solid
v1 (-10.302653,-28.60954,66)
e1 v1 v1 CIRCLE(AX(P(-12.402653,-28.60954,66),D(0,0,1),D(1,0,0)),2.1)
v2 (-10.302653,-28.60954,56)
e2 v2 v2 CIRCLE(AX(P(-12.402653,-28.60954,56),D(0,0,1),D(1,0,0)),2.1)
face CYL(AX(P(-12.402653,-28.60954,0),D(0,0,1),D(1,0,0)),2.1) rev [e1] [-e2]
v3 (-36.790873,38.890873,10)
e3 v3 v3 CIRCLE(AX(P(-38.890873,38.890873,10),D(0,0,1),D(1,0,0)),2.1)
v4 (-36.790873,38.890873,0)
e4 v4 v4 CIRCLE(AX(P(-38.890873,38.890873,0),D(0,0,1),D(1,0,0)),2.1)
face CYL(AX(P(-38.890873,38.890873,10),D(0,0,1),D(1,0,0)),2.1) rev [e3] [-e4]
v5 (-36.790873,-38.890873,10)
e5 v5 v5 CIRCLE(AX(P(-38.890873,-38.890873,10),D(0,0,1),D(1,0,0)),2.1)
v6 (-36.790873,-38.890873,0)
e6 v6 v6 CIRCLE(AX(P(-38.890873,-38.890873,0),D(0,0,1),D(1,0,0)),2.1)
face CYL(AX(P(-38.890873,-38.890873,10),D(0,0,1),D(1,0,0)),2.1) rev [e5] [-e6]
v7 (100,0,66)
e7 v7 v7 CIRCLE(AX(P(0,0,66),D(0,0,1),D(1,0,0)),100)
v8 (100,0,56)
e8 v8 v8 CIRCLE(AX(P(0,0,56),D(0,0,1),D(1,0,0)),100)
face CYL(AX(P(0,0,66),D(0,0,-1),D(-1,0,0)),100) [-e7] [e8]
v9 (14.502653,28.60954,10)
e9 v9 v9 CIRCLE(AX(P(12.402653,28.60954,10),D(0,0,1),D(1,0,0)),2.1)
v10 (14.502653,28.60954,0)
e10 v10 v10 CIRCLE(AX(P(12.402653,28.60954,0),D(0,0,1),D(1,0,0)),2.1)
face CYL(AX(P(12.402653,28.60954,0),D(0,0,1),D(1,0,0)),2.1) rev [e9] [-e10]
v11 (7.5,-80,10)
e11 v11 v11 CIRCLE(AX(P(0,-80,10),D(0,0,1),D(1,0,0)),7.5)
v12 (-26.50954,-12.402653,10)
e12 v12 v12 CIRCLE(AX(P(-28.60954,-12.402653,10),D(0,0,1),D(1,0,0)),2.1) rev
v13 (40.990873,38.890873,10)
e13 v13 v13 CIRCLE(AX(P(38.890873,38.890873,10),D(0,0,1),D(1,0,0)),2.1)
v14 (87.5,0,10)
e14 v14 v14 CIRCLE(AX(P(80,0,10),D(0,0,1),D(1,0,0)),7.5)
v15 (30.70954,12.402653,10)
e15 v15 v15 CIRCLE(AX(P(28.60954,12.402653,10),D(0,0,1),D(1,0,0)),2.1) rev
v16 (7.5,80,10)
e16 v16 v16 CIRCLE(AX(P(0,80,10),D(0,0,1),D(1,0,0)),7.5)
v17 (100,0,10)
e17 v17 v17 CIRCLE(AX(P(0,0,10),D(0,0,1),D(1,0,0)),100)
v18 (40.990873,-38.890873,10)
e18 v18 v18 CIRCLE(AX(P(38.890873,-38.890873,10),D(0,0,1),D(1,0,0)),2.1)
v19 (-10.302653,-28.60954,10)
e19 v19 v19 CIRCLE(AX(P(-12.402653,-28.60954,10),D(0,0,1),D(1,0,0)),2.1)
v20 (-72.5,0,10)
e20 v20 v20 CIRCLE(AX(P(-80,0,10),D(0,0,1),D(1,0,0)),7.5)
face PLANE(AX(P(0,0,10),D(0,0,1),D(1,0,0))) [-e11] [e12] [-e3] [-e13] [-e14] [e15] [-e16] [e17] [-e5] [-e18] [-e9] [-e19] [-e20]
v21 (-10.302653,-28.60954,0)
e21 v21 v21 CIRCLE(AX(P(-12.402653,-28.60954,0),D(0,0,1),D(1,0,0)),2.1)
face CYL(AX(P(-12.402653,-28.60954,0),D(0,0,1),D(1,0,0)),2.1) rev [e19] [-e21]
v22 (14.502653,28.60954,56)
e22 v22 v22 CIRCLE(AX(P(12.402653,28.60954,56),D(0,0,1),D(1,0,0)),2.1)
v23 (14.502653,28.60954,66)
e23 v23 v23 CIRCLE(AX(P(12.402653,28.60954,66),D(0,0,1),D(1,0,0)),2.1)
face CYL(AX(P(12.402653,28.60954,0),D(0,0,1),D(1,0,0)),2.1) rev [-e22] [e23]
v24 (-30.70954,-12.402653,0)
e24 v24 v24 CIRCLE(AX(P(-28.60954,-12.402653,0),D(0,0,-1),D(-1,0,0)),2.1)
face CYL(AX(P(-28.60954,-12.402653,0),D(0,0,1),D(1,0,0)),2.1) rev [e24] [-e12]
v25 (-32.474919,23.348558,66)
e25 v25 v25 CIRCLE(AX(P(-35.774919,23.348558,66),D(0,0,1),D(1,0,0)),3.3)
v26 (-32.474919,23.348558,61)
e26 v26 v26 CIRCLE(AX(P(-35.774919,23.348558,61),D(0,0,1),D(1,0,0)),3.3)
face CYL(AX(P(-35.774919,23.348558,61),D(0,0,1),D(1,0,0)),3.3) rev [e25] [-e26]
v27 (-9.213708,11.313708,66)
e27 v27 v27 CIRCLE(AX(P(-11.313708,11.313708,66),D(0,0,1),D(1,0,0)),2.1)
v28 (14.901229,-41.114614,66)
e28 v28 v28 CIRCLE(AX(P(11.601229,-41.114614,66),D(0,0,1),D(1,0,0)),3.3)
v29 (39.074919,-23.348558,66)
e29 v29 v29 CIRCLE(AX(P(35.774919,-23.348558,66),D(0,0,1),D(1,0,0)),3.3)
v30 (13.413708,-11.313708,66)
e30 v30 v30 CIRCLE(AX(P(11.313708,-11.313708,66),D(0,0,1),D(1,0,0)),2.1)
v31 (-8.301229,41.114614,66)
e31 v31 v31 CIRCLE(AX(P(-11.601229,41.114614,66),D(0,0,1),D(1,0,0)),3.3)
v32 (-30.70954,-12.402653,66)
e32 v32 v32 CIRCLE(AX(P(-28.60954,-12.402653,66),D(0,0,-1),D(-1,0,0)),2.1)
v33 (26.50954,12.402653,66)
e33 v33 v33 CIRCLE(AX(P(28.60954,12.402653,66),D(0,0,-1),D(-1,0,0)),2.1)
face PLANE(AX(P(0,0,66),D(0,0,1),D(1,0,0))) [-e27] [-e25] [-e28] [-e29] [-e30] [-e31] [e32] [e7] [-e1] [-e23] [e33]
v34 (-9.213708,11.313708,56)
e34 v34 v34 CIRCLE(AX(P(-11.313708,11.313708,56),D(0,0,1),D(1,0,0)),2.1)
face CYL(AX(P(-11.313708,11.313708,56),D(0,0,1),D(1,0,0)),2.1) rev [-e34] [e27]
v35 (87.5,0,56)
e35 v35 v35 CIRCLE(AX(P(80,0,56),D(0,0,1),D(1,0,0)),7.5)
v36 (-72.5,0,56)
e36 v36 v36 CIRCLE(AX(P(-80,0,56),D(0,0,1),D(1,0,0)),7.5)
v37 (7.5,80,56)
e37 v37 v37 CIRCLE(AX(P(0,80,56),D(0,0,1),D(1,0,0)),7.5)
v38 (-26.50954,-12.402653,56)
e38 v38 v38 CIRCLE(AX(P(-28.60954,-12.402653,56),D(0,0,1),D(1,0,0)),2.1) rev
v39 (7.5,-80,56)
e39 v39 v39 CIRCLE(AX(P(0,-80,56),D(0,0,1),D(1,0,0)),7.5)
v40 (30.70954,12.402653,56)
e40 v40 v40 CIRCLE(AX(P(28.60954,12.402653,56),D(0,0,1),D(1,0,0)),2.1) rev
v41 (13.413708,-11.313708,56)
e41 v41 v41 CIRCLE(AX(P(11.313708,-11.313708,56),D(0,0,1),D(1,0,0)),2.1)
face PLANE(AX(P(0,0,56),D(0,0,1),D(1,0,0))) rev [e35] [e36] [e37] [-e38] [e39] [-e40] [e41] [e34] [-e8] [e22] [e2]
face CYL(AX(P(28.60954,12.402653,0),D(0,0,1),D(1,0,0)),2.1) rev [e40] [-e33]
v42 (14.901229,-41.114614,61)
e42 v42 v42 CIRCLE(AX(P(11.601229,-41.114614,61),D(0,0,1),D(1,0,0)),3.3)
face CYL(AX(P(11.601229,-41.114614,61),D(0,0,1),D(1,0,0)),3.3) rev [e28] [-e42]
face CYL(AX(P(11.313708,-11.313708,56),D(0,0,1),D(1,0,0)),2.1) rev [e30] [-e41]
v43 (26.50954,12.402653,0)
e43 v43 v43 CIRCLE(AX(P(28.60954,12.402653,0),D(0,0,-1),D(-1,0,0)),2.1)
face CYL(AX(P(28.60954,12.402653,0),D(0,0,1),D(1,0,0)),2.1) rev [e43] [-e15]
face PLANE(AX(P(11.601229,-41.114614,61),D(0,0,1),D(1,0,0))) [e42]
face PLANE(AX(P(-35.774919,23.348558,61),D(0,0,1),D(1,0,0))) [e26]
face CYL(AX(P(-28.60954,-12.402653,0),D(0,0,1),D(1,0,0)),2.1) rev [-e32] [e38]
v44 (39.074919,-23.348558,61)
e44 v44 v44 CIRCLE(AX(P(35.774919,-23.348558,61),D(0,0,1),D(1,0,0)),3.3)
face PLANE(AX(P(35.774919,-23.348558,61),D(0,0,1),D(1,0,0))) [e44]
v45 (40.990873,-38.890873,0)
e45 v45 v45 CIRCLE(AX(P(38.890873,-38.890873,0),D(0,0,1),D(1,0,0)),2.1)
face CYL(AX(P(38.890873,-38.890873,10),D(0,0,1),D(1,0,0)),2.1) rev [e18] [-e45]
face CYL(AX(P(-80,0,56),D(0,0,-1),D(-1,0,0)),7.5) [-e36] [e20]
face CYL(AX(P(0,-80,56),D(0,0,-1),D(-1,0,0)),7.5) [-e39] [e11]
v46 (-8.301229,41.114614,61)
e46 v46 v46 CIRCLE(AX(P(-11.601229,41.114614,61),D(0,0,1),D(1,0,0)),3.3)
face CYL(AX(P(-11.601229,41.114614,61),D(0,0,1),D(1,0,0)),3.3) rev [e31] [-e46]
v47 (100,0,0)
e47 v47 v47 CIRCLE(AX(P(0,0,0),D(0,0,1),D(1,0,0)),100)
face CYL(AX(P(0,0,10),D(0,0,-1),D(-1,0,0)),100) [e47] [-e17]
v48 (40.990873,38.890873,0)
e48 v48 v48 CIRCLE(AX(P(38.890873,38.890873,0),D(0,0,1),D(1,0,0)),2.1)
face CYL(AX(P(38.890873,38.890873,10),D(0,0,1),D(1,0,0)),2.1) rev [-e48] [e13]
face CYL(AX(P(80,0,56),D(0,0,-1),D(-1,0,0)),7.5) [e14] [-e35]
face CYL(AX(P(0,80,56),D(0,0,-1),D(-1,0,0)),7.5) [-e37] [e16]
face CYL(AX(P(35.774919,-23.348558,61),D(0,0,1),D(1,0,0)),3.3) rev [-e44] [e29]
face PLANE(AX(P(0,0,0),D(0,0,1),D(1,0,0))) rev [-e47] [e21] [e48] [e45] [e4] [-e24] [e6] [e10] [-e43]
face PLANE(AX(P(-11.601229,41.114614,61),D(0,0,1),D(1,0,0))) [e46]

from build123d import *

# Parameters (mm, degrees)
SKETCH_1_R               = 100
EXTRUDE_1_DEPTH          = 10
SKETCH_12_R              = 7.5
EXTRUDE_3_DEPTH          = 46
SKETCH_14_R              = 100
EXTRUDE_4_DEPTH          = 10
SKETCH_15_R              = 2.1
CUT_EXTRUDE_7_DEPTH      = 10
SKETCH_15_3_R            = 2.1
CUT_EXTRUDE_8_DEPTH      = 157.064089399
SKETCH_18_R              = 3.3
CUT_EXTRUDE_9_DEPTH      = 5
HOLE_WIZARD_M5_1_D       = 4.2
HOLE_WIZARD_M5_1_DEPTH   = 10
PATTERN_CIRCULAR_1_COUNT = 4


with BuildPart() as part:
    # 草图1 → 凸台-拉伸1 (new body)
    with BuildSketch(Plane.XY):
        Circle(SKETCH_1_R)
    extrude(amount=EXTRUDE_1_DEPTH)

    # 草图12 → 凸台-拉伸3 (add)
    with BuildSketch(Plane.XY.offset(10)):
        with Locations((-80, 0)):
            Circle(SKETCH_12_R)
        with Locations((0, 80)):
            Circle(SKETCH_12_R)
        with Locations((80, 0)):
            Circle(SKETCH_12_R)
        with Locations((0, -80)):
            Circle(SKETCH_12_R)
    extrude(amount=EXTRUDE_3_DEPTH)

    # 草图14 → 凸台-拉伸4 (add)
    with BuildSketch(Plane.XY.offset(56)):
        Circle(SKETCH_14_R)
    extrude(amount=EXTRUDE_4_DEPTH)

    # 草图15 → 切除-拉伸7 (cut)
    with BuildSketch(Plane.XY.offset(66)):
        with Locations((-11.313708499, 11.313708499)):
            Circle(SKETCH_15_R)
        with Locations((11.313708499, -11.313708499)):
            Circle(SKETCH_15_R)
    extrude(amount=-CUT_EXTRUDE_7_DEPTH, mode=Mode.SUBTRACT)

    # 草图15<3> → 切除-拉伸8 (cut, through all)
    with BuildSketch(Plane.XY.offset(66)):
        with Locations((12.402652942, 28.609540367)):
            Circle(SKETCH_15_3_R)
        with Locations((28.609540367, 12.402652942)):
            Circle(SKETCH_15_3_R)
        with Locations((-12.402652942, -28.609540367)):
            Circle(SKETCH_15_3_R)
        with Locations((-28.609540367, -12.402652942)):
            Circle(SKETCH_15_3_R)
    extrude(amount=-CUT_EXTRUDE_8_DEPTH, mode=Mode.SUBTRACT)

    # 草图18 → 切除-拉伸9 (cut)
    with BuildSketch(Plane.XY.offset(66)):
        with Locations((-11.601229272, 41.114613939)):
            Circle(SKETCH_18_R)
        with Locations((-35.774918891, 23.348558378)):
            Circle(SKETCH_18_R)
        with Locations((11.601229272, -41.114613939)):
            Circle(SKETCH_18_R)
        with Locations((35.774918891, -23.348558378)):
            Circle(SKETCH_18_R)
    extrude(amount=-CUT_EXTRUDE_9_DEPTH, mode=Mode.SUBTRACT)

    # M5 螺纹孔1
    with Locations(Plane(origin=(-38.890872965, 38.890872965, 10), x_dir=(1, 0, 0), z_dir=(0, 0, 1))):
        with Locations((0, 0)):
            hole_wizard_m5_1 = Hole(HOLE_WIZARD_M5_1_D / 2, depth=HOLE_WIZARD_M5_1_DEPTH)

    # 阵列(圆周)1: M5 螺纹孔1 ×4 about axis
    pattern_circular_1_axis = Axis((0, 0, 0), (0, 0, 1))
    for i in range(1, PATTERN_CIRCULAR_1_COUNT):
        add(hole_wizard_m5_1.rotate(pattern_circular_1_axis, i * 360 / PATTERN_CIRCULAR_1_COUNT), mode=Mode.SUBTRACT)


solid = part.part
